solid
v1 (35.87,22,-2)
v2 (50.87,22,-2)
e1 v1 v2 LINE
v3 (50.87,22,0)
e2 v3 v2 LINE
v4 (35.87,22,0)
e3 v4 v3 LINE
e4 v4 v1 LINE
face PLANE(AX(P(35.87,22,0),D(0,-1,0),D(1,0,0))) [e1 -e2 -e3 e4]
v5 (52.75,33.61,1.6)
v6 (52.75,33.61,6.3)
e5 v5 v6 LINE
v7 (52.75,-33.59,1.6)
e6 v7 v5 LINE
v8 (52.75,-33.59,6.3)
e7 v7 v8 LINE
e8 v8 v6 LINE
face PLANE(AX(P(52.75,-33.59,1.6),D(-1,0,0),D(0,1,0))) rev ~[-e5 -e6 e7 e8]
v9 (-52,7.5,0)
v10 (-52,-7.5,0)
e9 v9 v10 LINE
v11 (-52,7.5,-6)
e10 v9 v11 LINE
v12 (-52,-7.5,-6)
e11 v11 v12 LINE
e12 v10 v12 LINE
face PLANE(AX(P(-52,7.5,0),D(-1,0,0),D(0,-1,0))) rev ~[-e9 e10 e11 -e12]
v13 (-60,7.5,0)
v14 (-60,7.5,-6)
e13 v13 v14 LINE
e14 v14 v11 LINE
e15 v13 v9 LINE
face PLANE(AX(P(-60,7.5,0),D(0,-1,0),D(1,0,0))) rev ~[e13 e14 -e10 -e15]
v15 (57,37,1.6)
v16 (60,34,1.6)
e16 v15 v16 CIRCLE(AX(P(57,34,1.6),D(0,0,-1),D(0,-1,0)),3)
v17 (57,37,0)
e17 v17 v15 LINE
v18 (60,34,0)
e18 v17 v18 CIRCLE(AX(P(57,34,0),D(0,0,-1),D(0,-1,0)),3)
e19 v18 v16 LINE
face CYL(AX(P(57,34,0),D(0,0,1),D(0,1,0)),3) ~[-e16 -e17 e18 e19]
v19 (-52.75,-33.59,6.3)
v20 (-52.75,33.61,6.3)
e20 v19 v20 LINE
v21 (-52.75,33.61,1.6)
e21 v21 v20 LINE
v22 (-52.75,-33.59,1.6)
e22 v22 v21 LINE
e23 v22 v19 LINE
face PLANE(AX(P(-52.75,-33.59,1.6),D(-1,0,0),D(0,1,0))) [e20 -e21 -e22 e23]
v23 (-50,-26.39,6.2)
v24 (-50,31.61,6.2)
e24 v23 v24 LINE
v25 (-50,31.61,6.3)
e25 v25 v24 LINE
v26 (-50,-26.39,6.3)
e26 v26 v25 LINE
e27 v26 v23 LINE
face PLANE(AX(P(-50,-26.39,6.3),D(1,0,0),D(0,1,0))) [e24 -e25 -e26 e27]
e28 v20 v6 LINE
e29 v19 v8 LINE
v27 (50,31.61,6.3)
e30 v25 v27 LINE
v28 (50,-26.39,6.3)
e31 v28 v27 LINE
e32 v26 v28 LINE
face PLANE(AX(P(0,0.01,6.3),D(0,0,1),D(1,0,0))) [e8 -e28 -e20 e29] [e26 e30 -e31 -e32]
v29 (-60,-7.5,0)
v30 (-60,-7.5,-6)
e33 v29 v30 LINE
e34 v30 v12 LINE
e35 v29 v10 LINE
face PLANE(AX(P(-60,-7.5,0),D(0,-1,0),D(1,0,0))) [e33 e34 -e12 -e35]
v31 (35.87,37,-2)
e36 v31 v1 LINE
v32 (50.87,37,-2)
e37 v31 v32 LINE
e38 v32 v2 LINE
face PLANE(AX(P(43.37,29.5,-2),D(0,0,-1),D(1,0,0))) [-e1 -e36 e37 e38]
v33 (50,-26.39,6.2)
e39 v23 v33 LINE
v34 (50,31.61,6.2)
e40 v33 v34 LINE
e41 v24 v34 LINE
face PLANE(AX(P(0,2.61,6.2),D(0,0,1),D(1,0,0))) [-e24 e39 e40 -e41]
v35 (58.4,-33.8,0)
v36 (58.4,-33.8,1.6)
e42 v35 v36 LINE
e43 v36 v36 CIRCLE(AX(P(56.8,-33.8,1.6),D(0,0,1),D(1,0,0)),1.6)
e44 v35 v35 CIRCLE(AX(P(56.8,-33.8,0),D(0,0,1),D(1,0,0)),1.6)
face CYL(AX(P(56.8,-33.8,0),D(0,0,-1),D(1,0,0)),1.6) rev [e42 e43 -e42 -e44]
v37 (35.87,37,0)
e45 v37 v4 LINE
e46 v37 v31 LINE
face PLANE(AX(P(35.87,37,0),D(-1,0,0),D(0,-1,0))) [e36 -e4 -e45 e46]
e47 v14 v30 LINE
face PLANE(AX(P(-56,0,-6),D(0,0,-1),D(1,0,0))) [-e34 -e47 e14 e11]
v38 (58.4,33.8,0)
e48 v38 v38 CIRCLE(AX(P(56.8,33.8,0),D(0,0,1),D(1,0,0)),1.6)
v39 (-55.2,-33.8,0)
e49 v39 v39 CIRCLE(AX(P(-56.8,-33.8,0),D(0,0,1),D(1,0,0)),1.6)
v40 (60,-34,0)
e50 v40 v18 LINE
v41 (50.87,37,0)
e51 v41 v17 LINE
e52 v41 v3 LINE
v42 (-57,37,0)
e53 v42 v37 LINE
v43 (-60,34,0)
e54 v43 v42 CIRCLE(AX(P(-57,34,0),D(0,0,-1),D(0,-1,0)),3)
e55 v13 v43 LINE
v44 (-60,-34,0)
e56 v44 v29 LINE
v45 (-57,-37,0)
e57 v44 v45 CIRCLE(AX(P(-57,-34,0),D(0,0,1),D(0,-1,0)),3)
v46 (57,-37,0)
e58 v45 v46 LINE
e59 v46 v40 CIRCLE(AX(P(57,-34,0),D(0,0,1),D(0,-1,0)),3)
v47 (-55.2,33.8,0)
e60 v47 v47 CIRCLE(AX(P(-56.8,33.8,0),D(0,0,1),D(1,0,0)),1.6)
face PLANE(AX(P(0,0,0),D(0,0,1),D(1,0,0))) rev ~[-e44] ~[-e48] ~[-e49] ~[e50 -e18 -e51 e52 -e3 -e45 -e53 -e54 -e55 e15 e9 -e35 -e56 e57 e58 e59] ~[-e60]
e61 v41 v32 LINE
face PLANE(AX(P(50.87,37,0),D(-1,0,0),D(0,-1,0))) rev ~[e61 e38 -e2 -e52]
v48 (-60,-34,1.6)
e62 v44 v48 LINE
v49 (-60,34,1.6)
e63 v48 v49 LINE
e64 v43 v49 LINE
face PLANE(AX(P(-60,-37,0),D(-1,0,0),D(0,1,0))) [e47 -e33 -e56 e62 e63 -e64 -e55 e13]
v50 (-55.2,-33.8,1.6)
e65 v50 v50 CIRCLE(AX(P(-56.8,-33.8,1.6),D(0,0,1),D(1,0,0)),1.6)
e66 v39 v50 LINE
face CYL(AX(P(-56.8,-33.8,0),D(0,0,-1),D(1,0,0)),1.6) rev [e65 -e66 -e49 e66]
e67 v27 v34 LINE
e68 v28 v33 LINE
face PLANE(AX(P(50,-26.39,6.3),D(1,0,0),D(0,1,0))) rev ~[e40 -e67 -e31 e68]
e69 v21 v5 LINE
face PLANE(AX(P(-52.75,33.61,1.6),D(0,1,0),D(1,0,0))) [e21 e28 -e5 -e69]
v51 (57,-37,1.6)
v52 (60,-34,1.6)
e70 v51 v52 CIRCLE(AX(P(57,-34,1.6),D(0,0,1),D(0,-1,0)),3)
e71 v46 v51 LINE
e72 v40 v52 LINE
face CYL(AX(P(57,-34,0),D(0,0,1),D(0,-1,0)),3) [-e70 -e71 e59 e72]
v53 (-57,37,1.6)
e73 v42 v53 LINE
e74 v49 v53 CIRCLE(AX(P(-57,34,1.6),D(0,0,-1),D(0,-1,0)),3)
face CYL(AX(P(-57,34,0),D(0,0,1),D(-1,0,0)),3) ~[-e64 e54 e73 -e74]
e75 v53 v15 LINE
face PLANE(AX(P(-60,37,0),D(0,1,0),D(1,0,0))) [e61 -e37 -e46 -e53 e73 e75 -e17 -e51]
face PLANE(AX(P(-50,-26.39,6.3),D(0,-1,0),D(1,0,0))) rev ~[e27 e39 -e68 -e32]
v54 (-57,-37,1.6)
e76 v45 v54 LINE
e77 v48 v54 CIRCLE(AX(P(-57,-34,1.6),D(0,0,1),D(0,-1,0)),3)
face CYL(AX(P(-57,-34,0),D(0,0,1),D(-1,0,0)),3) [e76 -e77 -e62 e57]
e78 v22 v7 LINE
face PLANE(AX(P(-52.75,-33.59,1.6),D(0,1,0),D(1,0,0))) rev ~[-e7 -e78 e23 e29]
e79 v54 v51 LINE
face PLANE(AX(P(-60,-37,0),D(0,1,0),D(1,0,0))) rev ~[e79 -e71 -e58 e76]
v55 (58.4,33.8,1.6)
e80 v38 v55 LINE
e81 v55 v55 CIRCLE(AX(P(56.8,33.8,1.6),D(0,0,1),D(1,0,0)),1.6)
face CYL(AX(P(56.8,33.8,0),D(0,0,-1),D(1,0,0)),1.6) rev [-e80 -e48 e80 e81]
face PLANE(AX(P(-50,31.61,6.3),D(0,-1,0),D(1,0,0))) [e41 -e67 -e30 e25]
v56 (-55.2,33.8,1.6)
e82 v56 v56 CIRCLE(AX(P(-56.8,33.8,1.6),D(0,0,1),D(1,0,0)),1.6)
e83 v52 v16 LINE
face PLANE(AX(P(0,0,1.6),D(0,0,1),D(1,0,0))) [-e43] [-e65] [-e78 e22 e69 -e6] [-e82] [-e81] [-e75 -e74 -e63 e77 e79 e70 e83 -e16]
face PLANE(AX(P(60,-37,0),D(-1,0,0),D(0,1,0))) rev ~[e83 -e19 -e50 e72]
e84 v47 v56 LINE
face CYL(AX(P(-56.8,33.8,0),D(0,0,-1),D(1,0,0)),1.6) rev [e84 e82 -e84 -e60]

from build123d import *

# Parameters (mm, degrees)
F0_W     = 120
F0_H     = 74
F0_R     = 1.6
F1_DEPTH = 1.6
F2_W     = 105.5
F2_H     = 67.2
F3_DEPTH = 4.7
F4_W     = 100
F4_H     = 58
F5_DEPTH = 0.1
F6_W     = 15
F6_H     = 15
F7_DEPTH = 2
F6_W_2   = 8
F8_DEPTH = 6
F9_R     = 3


with BuildPart() as f1:
    # F0 (on Top) → F1 (new body)
    with BuildSketch(Plane.XY):
        Rectangle(F0_W, F0_H)
        with Locations((-56.8, -33.8)):
            Circle(F0_R, mode=Mode.SUBTRACT)
        with Locations((56.8, -33.8)):
            Circle(F0_R, mode=Mode.SUBTRACT)
        with Locations((-56.8, 33.8)):
            Circle(F0_R, mode=Mode.SUBTRACT)
        with Locations((56.8, 33.8)):
            Circle(F0_R, mode=Mode.SUBTRACT)
    extrude(amount=F1_DEPTH)

    # F2 (on face) → F3 (join)
    with BuildSketch(Plane.XY.offset(1.6)):
        with Locations((0, 0.01)):
            Rectangle(F2_W, F2_H)
    extrude(amount=F3_DEPTH)

    # F4 (on face) → F5 (cut)
    with BuildSketch(Plane.XY.offset(6.3)):
        with Locations((0, 2.61)):
            Rectangle(F4_W, F4_H)
    extrude(amount=-F5_DEPTH, mode=Mode.SUBTRACT)

    # F6 (on face) → F7 (join)
    with BuildSketch(Plane(origin=(0, 0, 0), x_dir=(1, 0, 0), z_dir=(0, 0, -1))):
        with Locations((43.37, -29.5)):
            Rectangle(F6_W, F6_H)
    extrude(amount=F7_DEPTH)

    # F6 (on face) → F8 (join)
    with BuildSketch(Plane(origin=(0, 0, 0), x_dir=(1, 0, 0), z_dir=(0, 0, -1))):
        with Locations((-56, 0)):
            Rectangle(F6_W_2, F6_H)
    extrude(amount=F8_DEPTH)

    # F9
    f9_edges = [f1.edges().sort_by_distance(p)[0] for p in [
        (60, 37, 0.8),
        (60, -37, 0.8),
        (-60, -37, 0.8),
        (-60, 37, 0.8),
    ]]
    fillet(f9_edges, radius=F9_R)


solid = f1.part
